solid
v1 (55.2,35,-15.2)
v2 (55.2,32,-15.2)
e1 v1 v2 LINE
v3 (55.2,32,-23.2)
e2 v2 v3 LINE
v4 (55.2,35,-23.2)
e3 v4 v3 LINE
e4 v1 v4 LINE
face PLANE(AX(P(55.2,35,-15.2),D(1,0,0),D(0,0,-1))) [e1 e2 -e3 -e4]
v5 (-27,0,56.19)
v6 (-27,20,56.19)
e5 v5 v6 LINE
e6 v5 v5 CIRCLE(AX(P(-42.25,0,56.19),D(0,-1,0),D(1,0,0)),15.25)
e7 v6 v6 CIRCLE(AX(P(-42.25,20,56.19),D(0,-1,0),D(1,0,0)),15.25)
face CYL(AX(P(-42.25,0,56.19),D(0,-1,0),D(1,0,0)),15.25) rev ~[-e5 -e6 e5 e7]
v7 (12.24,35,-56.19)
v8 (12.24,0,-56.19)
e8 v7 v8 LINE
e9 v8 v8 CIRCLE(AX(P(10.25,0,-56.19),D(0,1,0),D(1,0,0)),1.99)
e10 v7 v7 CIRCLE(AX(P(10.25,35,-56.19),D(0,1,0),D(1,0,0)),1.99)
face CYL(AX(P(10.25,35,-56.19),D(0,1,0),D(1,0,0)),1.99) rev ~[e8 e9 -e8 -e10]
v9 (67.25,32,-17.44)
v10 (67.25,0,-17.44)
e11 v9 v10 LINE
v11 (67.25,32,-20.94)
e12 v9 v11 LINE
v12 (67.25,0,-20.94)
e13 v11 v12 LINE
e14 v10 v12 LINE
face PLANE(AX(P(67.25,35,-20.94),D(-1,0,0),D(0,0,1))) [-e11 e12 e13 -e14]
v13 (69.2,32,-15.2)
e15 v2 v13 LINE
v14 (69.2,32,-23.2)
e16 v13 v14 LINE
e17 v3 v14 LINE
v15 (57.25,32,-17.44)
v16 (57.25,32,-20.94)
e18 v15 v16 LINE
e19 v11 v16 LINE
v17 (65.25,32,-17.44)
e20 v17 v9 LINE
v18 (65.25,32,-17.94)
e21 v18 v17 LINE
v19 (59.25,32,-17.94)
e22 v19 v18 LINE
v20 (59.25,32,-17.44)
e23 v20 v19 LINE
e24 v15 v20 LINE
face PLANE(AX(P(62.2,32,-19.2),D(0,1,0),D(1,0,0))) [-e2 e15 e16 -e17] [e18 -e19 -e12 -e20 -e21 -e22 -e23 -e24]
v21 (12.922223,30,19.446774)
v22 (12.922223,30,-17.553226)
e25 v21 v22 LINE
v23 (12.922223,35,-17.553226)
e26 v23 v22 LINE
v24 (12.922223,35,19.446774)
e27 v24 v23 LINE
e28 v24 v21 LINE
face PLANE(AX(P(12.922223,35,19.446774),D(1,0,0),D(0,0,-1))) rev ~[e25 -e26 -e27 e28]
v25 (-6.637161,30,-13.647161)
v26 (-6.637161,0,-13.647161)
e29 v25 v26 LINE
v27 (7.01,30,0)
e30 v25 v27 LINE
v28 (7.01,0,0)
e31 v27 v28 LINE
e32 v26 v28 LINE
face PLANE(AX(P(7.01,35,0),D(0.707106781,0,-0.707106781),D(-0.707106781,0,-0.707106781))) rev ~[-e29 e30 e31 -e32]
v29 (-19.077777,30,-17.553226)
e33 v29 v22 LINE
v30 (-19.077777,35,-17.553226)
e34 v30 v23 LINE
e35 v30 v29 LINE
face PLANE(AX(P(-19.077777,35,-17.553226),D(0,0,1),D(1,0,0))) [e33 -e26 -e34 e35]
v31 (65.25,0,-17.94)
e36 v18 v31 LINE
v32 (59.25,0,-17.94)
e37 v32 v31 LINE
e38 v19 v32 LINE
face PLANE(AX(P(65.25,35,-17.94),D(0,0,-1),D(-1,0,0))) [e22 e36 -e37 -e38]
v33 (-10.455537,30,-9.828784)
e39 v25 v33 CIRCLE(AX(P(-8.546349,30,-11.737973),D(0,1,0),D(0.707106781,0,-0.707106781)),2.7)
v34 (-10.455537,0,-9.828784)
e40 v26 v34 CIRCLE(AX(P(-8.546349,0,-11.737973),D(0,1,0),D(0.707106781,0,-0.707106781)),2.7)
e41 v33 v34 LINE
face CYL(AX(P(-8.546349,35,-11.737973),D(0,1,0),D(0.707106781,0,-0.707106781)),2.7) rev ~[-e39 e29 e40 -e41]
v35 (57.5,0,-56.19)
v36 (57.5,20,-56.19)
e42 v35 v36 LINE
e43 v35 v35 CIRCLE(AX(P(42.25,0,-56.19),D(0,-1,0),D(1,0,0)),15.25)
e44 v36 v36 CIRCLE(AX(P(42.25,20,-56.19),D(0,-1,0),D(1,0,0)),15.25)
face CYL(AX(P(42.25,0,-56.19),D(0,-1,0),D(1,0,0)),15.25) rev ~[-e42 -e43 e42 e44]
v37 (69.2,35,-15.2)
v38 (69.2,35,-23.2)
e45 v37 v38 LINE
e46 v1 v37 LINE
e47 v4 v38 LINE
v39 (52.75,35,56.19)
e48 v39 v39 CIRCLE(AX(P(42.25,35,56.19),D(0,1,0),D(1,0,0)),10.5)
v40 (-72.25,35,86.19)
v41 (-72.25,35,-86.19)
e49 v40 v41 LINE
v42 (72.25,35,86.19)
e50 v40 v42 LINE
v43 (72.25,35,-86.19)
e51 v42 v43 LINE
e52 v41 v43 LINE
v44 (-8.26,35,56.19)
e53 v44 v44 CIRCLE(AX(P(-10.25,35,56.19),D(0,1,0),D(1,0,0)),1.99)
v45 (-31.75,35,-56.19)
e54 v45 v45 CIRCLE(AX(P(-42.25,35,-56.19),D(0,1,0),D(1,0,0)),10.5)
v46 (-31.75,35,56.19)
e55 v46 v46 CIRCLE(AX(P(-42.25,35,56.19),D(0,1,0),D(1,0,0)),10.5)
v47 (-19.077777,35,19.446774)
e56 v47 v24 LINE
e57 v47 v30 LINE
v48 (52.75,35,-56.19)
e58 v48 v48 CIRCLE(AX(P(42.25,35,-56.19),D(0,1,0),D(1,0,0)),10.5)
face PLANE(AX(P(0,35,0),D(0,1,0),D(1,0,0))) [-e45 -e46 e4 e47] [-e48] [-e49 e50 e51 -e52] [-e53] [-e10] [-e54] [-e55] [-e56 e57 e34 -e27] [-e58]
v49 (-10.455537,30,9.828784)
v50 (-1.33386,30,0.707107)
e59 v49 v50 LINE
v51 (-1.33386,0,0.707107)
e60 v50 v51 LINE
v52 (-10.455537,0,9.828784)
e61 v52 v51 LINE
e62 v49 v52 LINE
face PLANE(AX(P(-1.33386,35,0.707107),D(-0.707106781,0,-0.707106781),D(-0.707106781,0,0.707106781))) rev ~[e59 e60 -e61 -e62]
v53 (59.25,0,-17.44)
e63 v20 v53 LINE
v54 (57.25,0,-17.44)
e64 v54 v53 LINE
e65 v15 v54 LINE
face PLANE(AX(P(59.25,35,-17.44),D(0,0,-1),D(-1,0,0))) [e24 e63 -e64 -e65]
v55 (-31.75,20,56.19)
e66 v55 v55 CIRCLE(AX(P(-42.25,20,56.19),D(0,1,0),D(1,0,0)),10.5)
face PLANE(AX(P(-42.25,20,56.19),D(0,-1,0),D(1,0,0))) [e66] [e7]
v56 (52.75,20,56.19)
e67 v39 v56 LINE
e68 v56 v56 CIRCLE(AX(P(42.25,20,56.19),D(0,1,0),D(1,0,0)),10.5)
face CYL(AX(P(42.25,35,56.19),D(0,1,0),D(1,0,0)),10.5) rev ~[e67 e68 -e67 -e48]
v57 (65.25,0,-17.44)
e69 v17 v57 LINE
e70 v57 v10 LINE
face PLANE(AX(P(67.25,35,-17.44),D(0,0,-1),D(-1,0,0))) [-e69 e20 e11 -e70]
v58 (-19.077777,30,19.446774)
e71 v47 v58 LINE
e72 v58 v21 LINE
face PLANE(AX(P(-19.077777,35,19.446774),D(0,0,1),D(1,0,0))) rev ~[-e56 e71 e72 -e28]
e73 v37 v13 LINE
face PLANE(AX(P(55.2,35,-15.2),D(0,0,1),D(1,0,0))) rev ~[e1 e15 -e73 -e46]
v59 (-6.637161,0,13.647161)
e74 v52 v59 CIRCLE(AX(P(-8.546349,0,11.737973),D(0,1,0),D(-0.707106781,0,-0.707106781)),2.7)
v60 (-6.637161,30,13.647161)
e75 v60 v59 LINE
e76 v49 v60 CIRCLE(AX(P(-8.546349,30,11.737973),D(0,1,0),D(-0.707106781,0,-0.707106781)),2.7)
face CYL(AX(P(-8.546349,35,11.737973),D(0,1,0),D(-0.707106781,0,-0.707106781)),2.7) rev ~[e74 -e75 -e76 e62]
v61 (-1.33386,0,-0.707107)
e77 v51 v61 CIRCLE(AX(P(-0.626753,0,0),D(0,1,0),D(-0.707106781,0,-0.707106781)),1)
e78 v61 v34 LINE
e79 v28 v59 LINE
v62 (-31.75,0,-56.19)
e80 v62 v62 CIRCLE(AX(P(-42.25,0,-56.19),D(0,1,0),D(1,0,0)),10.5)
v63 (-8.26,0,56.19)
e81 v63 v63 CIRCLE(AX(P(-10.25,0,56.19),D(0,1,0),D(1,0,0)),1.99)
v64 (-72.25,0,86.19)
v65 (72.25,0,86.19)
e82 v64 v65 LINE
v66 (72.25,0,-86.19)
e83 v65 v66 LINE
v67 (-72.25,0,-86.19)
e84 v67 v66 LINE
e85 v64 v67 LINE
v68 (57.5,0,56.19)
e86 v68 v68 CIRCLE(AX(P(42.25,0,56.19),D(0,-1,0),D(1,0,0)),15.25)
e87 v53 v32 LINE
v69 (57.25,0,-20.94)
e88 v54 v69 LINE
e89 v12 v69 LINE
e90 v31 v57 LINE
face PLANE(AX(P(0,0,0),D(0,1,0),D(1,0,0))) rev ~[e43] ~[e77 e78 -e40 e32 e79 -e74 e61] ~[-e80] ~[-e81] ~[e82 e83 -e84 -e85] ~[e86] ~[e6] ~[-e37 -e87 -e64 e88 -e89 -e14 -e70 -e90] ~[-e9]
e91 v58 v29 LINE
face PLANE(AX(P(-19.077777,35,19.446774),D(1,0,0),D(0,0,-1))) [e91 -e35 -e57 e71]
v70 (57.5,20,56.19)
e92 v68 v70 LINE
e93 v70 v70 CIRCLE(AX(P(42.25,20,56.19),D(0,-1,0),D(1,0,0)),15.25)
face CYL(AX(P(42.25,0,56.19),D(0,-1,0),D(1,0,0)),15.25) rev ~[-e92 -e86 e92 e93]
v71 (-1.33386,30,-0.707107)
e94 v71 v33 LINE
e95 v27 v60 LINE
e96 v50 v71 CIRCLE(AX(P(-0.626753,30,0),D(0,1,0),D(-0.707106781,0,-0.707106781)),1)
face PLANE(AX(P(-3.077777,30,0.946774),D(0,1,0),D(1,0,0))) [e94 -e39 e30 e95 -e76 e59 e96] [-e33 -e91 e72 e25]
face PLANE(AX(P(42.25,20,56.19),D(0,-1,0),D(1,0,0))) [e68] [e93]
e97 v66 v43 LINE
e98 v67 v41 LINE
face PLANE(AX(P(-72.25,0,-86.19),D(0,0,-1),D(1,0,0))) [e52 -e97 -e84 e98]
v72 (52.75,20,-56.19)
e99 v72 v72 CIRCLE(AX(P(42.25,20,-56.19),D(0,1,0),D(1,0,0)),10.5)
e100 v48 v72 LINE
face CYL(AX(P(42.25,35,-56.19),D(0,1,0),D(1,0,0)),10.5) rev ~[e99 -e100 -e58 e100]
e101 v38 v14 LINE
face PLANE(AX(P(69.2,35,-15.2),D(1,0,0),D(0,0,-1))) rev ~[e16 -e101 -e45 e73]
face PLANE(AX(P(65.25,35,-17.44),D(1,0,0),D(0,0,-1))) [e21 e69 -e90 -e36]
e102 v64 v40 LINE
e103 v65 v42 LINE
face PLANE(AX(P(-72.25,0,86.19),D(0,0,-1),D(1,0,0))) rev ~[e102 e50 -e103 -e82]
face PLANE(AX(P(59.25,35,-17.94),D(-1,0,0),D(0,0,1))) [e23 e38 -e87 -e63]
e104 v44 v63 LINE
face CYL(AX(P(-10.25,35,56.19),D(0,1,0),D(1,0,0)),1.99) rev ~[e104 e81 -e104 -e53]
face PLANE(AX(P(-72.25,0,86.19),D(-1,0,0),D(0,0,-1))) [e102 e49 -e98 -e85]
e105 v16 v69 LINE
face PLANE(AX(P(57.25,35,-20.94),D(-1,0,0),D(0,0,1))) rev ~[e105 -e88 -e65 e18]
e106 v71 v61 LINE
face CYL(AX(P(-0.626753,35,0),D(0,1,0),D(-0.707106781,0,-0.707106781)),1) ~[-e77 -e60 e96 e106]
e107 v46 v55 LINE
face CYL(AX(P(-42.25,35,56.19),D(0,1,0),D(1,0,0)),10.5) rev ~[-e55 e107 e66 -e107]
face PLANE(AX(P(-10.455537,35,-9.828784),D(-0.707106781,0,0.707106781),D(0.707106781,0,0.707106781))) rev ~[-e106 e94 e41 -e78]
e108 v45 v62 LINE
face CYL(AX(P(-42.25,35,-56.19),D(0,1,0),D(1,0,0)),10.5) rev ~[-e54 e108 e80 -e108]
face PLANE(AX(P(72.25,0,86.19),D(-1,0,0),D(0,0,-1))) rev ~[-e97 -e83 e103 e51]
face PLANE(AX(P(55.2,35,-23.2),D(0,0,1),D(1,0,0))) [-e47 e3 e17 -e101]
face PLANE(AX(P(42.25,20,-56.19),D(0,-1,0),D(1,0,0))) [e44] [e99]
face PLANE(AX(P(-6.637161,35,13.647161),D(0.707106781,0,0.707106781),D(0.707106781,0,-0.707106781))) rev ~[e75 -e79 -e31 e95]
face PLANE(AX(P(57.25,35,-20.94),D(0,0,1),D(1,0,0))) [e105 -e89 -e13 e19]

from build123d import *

# Parameters (mm, degrees)
SKETCH1_W           = 144.5
SKETCH1_H           = 172.38
BOSS_EXTRUDE1_DEPTH = 35
CUT_EXTRUDE1_REACH  = 37
SKETCH6_R           = 10.5
SKETCH6_R_2         = 1.99
SKETCH7_W           = 32
SKETCH7_H           = 37
CUT_EXTRUDE2_DEPTH  = 5
SKETCH8_W           = 14
SKETCH8_H           = 8
CUT_EXTRUDE3_DEPTH  = 3
SKETCH9_R           = 15.25
SKETCH9_R_2         = 16
CUT_EXTRUDE4_DEPTH  = 20


with BuildPart() as part:
    # Sketch1 → Boss-Extrude1 (new body)
    with BuildSketch(Plane(origin=(0, 0, 0), x_dir=(1, 0, 0), z_dir=(0, 1, 0))):
        Rectangle(SKETCH1_W, SKETCH1_H)
    extrude(amount=BOSS_EXTRUDE1_DEPTH)

    # Sketch6 → Cut-Extrude1 (cut, up to next)
    with BuildSketch(Plane(origin=(0, 35, 0), x_dir=(1, 0, 0), z_dir=(0, 1, 0)), mode=Mode.PRIVATE) as cut_extrude1_sk1:
        with Locations((42.25, -56.19)):
            Circle(SKETCH6_R)
    cut_extrude1_tool1 = extrude(cut_extrude1_sk1.sketch, amount=-CUT_EXTRUDE1_REACH, mode=Mode.PRIVATE) & part.part
    add(cut_extrude1_tool1.solids().sort_by_distance((42.25, 35, 56.19))[0], mode=Mode.SUBTRACT)
    # Sketch6 → Cut-Extrude1 (cut, up to next)
    with BuildSketch(Plane(origin=(0, 35, 0), x_dir=(1, 0, 0), z_dir=(0, 1, 0)), mode=Mode.PRIVATE) as cut_extrude1_sk2:
        with Locations((-10.25, -56.19)):
            Circle(SKETCH6_R_2)
    cut_extrude1_tool2 = extrude(cut_extrude1_sk2.sketch, amount=-CUT_EXTRUDE1_REACH, mode=Mode.PRIVATE) & part.part
    add(cut_extrude1_tool2.solids().sort_by_distance((-10.25, 35, 56.19))[0], mode=Mode.SUBTRACT)
    # Sketch6 → Cut-Extrude1 (cut, up to next)
    with BuildSketch(Plane(origin=(0, 35, 0), x_dir=(1, 0, 0), z_dir=(0, 1, 0)), mode=Mode.PRIVATE) as cut_extrude1_sk3:
        with Locations((-42.25, -56.19)):
            Circle(SKETCH6_R)
    cut_extrude1_tool3 = extrude(cut_extrude1_sk3.sketch, amount=-CUT_EXTRUDE1_REACH, mode=Mode.PRIVATE) & part.part
    add(cut_extrude1_tool3.solids().sort_by_distance((-42.25, 35, 56.19))[0], mode=Mode.SUBTRACT)
    # Sketch6 → Cut-Extrude1 (cut, up to next)
    with BuildSketch(Plane(origin=(0, 35, 0), x_dir=(1, 0, 0), z_dir=(0, 1, 0)), mode=Mode.PRIVATE) as cut_extrude1_sk4:
        with Locations((42.25, 56.19)):
            Circle(SKETCH6_R)
    cut_extrude1_tool4 = extrude(cut_extrude1_sk4.sketch, amount=-CUT_EXTRUDE1_REACH, mode=Mode.PRIVATE) & part.part
    add(cut_extrude1_tool4.solids().sort_by_distance((42.25, 35, -56.19))[0], mode=Mode.SUBTRACT)
    # Sketch6 → Cut-Extrude1 (cut, up to next)
    with BuildSketch(Plane(origin=(0, 35, 0), x_dir=(1, 0, 0), z_dir=(0, 1, 0)), mode=Mode.PRIVATE) as cut_extrude1_sk5:
        with Locations((10.25, 56.19)):
            Circle(SKETCH6_R_2)
    cut_extrude1_tool5 = extrude(cut_extrude1_sk5.sketch, amount=-CUT_EXTRUDE1_REACH, mode=Mode.PRIVATE) & part.part
    add(cut_extrude1_tool5.solids().sort_by_distance((10.25, 35, -56.19))[0], mode=Mode.SUBTRACT)
    # Sketch6 → Cut-Extrude1 (cut, up to next)
    with BuildSketch(Plane(origin=(0, 35, 0), x_dir=(1, 0, 0), z_dir=(0, 1, 0)), mode=Mode.PRIVATE) as cut_extrude1_sk6:
        with Locations((-42.25, 56.19)):
            Circle(SKETCH6_R)
    cut_extrude1_tool6 = extrude(cut_extrude1_sk6.sketch, amount=-CUT_EXTRUDE1_REACH, mode=Mode.PRIVATE) & part.part
    add(cut_extrude1_tool6.solids().sort_by_distance((-42.25, 35, -56.19))[0], mode=Mode.SUBTRACT)
    # Sketch6 → Cut-Extrude1 (cut, up to next)
    with BuildSketch(Plane(origin=(0, 35, 0), x_dir=(1, 0, 0), z_dir=(0, 1, 0)), mode=Mode.PRIVATE) as cut_extrude1_sk7:
        with BuildLine():
            Line((-10.455537495, 9.828784258), (-1.333860018, 0.707106781))
            ThreePointArc((-1.333860018, 0.707106781), (0.373246763, 0), (-1.333860018, -0.707106781))
            Line((-1.333860018, -0.707106781), (-10.455537495, -9.828784258))
            ThreePointArc((-10.455537495, -9.828784258), (-10.455537495, -13.647160877), (-6.637160877, -13.647160877))
            Line((-6.637160877, -13.647160877), (7.01, 0))
            Line((7.01, 0), (-6.637160877, 13.647160877))
            ThreePointArc((-6.637160877, 13.647160877), (-10.455537495, 13.647160877), (-10.455537495, 9.828784258))
        make_face()
    cut_extrude1_tool7 = extrude(cut_extrude1_sk7.sketch, amount=-CUT_EXTRUDE1_REACH, mode=Mode.PRIVATE) & part.part
    add(cut_extrude1_tool7.solids().sort_by_distance((-0.05515, 35, 6.582011))[0], mode=Mode.SUBTRACT)
    # Sketch6 → Cut-Extrude1 (cut, up to next)
    with BuildSketch(Plane(origin=(0, 35, 0), x_dir=(1, 0, 0), z_dir=(0, 1, 0)), mode=Mode.PRIVATE) as cut_extrude1_sk8:
        Polygon((67.25, 20.94), (67.25, 17.44), (65.25, 17.44), (65.25, 17.94), (59.25, 17.94), (59.25, 17.44), (57.25, 17.44), (57.25, 17.94), (57.25, 20.94), align=None)
    cut_extrude1_tool8 = extrude(cut_extrude1_sk8.sketch, amount=-CUT_EXTRUDE1_REACH, mode=Mode.PRIVATE) & part.part
    add(cut_extrude1_tool8.solids().sort_by_distance((62.25, 35, -19.330625))[0], mode=Mode.SUBTRACT)

    # Sketch7 → Cut-Extrude2 (cut)
    with BuildSketch(Plane(origin=(0, 35, 0), x_dir=(1, 0, 0), z_dir=(0, 1, 0))):
        with Locations((-3.07777663, -0.946773822)):
            Rectangle(SKETCH7_W, SKETCH7_H)
    extrude(amount=-CUT_EXTRUDE2_DEPTH, mode=Mode.SUBTRACT)

    # Sketch8 → Cut-Extrude3 (cut)
    with BuildSketch(Plane(origin=(0, 35, 0), x_dir=(1, 0, 0), z_dir=(0, 1, 0))):
        with Locations((62.2, 19.2)):
            Rectangle(SKETCH8_W, SKETCH8_H)
    extrude(amount=-CUT_EXTRUDE3_DEPTH, mode=Mode.SUBTRACT)

    # Sketch9 → Cut-Extrude4 (cut)
    with BuildSketch(Plane.XZ):
        with Locations((42.25, -56.19)):
            Circle(SKETCH9_R)
        with Locations((-150, -137.51)):
            Circle(SKETCH9_R_2)
        with Locations((42.25, 56.19)):
            Circle(SKETCH9_R)
        with Locations((-42.25, 56.19)):
            Circle(SKETCH9_R)
    extrude(amount=-CUT_EXTRUDE4_DEPTH, mode=Mode.SUBTRACT)


solid = part.part
